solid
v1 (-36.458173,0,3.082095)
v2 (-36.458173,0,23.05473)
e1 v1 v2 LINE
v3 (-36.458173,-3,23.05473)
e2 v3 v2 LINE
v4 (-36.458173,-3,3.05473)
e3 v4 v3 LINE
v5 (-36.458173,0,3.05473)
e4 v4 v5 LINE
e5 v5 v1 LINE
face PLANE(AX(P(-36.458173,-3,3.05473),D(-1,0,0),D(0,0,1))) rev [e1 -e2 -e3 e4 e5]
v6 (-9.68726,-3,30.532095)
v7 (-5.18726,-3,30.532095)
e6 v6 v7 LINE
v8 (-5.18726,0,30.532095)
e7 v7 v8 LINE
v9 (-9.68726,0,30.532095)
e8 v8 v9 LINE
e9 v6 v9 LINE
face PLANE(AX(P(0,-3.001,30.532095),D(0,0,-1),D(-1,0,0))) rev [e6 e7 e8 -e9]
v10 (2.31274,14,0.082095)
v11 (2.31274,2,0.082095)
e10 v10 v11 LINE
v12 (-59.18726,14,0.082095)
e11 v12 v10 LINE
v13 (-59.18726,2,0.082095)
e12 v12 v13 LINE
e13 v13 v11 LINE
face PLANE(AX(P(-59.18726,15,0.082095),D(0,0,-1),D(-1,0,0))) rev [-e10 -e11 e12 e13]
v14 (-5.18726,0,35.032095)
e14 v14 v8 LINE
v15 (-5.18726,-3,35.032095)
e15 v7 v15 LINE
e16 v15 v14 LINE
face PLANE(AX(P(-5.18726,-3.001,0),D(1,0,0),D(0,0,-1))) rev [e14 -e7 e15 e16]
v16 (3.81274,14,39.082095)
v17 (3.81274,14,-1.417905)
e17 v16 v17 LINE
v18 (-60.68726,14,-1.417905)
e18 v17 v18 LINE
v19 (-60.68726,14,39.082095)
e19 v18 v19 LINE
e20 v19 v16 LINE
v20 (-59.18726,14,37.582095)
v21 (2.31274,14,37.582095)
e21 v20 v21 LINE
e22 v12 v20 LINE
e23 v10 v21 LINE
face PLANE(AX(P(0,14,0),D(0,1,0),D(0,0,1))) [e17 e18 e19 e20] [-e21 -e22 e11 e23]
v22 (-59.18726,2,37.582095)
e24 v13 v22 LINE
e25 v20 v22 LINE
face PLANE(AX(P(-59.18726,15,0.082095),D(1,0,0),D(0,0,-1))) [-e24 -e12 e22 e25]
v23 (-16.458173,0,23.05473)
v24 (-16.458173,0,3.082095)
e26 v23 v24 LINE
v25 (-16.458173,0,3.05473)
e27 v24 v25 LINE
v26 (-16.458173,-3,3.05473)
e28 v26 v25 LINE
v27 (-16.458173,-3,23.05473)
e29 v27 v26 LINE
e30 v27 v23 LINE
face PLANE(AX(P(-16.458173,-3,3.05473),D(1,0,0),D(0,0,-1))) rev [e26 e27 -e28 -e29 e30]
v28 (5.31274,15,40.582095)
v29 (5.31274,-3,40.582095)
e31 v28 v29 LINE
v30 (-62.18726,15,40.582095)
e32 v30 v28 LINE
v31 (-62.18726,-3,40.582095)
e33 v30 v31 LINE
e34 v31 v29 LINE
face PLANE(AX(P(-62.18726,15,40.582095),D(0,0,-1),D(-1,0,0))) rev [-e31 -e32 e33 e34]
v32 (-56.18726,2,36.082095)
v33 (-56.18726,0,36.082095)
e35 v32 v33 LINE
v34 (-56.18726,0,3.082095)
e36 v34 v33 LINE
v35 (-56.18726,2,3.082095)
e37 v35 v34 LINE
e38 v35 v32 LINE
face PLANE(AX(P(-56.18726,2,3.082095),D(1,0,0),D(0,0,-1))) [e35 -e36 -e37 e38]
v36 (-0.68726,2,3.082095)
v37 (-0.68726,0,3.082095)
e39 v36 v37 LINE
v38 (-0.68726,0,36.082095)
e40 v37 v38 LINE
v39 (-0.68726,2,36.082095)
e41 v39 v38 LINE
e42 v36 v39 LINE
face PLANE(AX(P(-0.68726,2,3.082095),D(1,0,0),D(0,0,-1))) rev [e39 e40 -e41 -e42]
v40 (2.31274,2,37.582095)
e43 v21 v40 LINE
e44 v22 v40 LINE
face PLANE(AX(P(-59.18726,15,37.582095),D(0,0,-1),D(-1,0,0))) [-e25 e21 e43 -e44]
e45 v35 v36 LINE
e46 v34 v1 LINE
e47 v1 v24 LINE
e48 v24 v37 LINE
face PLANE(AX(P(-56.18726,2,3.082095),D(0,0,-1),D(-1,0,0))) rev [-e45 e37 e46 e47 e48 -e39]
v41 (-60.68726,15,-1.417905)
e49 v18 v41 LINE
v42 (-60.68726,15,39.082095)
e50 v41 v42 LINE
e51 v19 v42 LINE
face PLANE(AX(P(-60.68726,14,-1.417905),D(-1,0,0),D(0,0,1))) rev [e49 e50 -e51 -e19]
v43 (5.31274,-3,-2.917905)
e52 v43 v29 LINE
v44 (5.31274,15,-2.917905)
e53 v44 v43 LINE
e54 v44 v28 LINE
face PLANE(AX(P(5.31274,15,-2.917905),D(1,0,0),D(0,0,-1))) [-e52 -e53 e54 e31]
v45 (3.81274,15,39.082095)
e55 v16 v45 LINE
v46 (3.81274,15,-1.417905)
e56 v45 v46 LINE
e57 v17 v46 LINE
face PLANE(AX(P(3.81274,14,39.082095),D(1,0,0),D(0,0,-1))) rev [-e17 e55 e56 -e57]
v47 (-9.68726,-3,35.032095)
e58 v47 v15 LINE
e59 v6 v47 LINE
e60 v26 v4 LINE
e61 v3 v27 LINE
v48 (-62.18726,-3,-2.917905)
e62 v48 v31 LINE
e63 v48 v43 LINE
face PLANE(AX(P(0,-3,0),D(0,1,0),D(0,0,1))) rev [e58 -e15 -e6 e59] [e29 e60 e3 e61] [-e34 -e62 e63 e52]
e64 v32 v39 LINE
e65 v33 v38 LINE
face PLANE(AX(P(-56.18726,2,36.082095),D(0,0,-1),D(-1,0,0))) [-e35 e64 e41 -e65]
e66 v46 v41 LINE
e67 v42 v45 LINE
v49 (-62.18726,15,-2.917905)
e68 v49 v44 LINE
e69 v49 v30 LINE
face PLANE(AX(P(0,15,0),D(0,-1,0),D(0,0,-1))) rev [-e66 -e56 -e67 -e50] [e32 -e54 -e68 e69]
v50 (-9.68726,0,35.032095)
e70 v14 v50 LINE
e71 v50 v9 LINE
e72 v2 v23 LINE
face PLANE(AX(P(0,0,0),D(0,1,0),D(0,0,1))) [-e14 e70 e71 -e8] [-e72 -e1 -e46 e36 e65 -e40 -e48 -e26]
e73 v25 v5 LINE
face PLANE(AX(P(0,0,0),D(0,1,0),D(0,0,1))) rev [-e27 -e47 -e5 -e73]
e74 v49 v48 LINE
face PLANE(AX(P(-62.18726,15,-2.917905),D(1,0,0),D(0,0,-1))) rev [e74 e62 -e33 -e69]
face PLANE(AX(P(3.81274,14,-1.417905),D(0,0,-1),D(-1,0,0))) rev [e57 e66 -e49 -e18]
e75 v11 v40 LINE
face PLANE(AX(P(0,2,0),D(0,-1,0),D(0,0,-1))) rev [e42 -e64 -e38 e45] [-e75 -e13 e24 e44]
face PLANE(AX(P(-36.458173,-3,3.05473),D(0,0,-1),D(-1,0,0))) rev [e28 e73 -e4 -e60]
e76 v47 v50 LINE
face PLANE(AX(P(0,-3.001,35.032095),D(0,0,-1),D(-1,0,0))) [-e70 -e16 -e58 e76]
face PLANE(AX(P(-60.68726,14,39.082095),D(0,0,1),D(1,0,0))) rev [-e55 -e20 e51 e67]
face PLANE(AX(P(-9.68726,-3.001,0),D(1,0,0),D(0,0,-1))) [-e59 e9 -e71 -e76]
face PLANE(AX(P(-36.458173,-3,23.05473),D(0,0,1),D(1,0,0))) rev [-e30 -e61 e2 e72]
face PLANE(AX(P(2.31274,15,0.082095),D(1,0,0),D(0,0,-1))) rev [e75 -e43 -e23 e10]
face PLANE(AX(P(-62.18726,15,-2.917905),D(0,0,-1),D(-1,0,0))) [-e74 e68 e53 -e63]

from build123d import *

# Parameters (mm, degrees)
SKETCH_1_W          = 61.5
SKETCH_1_H          = 37.5
SKETCH_1_W_2        = 55.5
SKETCH_1_H_2        = 33
EXTRUDE_2_DEPTH     = 2
SKETCH_1_4_W        = 67.5
SKETCH_1_4_H        = 43.5
SKETCH_1_4_W_2      = 61.5
SKETCH_1_4_H_2      = 37.5
EXTRUDE_3_DEPTH     = 15
SKETCH_1_5_W        = 67.5
SKETCH_1_5_H        = 43.5
EXTRUDE_4_DEPTH     = 3
CUT_EXTRUDE_1_REACH = 77.757
SKETCH_1_6_W        = 4.5
SKETCH_1_6_H        = 4.5
SKETCH_3_W          = 64.5
SKETCH_3_H          = 40.5
CUT_EXTRUDE_2_DEPTH = 1
SKETCH_4_W          = 20
SKETCH_4_H          = 20
CUT_EXTRUDE_4_DEPTH = 76.757255238


with BuildPart() as part:
    # Эскиз1 → Бобышка-Вытянуть2 (new body)
    with BuildSketch(Plane(origin=(0, 0, 0), x_dir=(1, 0, 0), z_dir=(0, 1, 0))):
        with Locations((-28.437260101, -18.832094604)):
            Rectangle(SKETCH_1_W, SKETCH_1_H)
        with Locations((-28.437260101, -19.582094604)):
            Rectangle(SKETCH_1_W_2, SKETCH_1_H_2, mode=Mode.SUBTRACT)
    extrude(amount=EXTRUDE_2_DEPTH)

    # Эскиз1<4> → Бобышка-Вытянуть3 (add)
    with BuildSketch(Plane(origin=(0, 0, 0), x_dir=(1, 0, 0), z_dir=(0, 1, 0))):
        with Locations((-28.437260101, -18.832094604)):
            Rectangle(SKETCH_1_4_W, SKETCH_1_4_H)
        with Locations((-28.437260101, -18.832094604)):
            Rectangle(SKETCH_1_4_W_2, SKETCH_1_4_H_2, mode=Mode.SUBTRACT)
    extrude(amount=EXTRUDE_3_DEPTH)

    # Эскиз1<5> → Бобышка-Вытянуть4 (add)
    with BuildSketch(Plane(origin=(0, 0, 0), x_dir=(1, 0, 0), z_dir=(0, 1, 0))):
        with Locations((-28.437260101, -18.832094604)):
            Rectangle(SKETCH_1_5_W, SKETCH_1_5_H)
    extrude(amount=-EXTRUDE_4_DEPTH)

    # Эскиз1<6> → Вырез-Вытянуть1 (cut, up to next)
    with BuildSketch(Plane(origin=(0, 0, 0), x_dir=(1, 0, 0), z_dir=(0, 1, 0)), mode=Mode.PRIVATE) as cut_extrude_1_sk1:
        with Locations((-7.437260101, -32.782094604)):
            Rectangle(SKETCH_1_6_W, SKETCH_1_6_H)
    cut_extrude_1_tool1 = extrude(cut_extrude_1_sk1.sketch, amount=-CUT_EXTRUDE_1_REACH, mode=Mode.PRIVATE) & part.part
    add(cut_extrude_1_tool1.solids().sort_by_distance((-7.43726, 0, 32.782095))[0], mode=Mode.SUBTRACT)

    # Эскиз3 → Вырез-Вытянуть2 (cut)
    with BuildSketch(Plane(origin=(0, 15, 0), x_dir=(1, 0, 0), z_dir=(0, 1, 0))):
        with Locations((-28.437260101, -18.832094604)):
            Rectangle(SKETCH_3_W, SKETCH_3_H)
    extrude(amount=-CUT_EXTRUDE_2_DEPTH, mode=Mode.SUBTRACT)

    # Эскиз4 → Вырез-Вытянуть4 (cut, through all)
    with BuildSketch(Plane(origin=(0, 0, 0), x_dir=(1, 0, 0), z_dir=(0, 1, 0))):
        with Locations((-26.4581734, -13.054729736)):
            Rectangle(SKETCH_4_W, SKETCH_4_H)
    extrude(amount=-CUT_EXTRUDE_4_DEPTH, mode=Mode.SUBTRACT)


solid = part.part
